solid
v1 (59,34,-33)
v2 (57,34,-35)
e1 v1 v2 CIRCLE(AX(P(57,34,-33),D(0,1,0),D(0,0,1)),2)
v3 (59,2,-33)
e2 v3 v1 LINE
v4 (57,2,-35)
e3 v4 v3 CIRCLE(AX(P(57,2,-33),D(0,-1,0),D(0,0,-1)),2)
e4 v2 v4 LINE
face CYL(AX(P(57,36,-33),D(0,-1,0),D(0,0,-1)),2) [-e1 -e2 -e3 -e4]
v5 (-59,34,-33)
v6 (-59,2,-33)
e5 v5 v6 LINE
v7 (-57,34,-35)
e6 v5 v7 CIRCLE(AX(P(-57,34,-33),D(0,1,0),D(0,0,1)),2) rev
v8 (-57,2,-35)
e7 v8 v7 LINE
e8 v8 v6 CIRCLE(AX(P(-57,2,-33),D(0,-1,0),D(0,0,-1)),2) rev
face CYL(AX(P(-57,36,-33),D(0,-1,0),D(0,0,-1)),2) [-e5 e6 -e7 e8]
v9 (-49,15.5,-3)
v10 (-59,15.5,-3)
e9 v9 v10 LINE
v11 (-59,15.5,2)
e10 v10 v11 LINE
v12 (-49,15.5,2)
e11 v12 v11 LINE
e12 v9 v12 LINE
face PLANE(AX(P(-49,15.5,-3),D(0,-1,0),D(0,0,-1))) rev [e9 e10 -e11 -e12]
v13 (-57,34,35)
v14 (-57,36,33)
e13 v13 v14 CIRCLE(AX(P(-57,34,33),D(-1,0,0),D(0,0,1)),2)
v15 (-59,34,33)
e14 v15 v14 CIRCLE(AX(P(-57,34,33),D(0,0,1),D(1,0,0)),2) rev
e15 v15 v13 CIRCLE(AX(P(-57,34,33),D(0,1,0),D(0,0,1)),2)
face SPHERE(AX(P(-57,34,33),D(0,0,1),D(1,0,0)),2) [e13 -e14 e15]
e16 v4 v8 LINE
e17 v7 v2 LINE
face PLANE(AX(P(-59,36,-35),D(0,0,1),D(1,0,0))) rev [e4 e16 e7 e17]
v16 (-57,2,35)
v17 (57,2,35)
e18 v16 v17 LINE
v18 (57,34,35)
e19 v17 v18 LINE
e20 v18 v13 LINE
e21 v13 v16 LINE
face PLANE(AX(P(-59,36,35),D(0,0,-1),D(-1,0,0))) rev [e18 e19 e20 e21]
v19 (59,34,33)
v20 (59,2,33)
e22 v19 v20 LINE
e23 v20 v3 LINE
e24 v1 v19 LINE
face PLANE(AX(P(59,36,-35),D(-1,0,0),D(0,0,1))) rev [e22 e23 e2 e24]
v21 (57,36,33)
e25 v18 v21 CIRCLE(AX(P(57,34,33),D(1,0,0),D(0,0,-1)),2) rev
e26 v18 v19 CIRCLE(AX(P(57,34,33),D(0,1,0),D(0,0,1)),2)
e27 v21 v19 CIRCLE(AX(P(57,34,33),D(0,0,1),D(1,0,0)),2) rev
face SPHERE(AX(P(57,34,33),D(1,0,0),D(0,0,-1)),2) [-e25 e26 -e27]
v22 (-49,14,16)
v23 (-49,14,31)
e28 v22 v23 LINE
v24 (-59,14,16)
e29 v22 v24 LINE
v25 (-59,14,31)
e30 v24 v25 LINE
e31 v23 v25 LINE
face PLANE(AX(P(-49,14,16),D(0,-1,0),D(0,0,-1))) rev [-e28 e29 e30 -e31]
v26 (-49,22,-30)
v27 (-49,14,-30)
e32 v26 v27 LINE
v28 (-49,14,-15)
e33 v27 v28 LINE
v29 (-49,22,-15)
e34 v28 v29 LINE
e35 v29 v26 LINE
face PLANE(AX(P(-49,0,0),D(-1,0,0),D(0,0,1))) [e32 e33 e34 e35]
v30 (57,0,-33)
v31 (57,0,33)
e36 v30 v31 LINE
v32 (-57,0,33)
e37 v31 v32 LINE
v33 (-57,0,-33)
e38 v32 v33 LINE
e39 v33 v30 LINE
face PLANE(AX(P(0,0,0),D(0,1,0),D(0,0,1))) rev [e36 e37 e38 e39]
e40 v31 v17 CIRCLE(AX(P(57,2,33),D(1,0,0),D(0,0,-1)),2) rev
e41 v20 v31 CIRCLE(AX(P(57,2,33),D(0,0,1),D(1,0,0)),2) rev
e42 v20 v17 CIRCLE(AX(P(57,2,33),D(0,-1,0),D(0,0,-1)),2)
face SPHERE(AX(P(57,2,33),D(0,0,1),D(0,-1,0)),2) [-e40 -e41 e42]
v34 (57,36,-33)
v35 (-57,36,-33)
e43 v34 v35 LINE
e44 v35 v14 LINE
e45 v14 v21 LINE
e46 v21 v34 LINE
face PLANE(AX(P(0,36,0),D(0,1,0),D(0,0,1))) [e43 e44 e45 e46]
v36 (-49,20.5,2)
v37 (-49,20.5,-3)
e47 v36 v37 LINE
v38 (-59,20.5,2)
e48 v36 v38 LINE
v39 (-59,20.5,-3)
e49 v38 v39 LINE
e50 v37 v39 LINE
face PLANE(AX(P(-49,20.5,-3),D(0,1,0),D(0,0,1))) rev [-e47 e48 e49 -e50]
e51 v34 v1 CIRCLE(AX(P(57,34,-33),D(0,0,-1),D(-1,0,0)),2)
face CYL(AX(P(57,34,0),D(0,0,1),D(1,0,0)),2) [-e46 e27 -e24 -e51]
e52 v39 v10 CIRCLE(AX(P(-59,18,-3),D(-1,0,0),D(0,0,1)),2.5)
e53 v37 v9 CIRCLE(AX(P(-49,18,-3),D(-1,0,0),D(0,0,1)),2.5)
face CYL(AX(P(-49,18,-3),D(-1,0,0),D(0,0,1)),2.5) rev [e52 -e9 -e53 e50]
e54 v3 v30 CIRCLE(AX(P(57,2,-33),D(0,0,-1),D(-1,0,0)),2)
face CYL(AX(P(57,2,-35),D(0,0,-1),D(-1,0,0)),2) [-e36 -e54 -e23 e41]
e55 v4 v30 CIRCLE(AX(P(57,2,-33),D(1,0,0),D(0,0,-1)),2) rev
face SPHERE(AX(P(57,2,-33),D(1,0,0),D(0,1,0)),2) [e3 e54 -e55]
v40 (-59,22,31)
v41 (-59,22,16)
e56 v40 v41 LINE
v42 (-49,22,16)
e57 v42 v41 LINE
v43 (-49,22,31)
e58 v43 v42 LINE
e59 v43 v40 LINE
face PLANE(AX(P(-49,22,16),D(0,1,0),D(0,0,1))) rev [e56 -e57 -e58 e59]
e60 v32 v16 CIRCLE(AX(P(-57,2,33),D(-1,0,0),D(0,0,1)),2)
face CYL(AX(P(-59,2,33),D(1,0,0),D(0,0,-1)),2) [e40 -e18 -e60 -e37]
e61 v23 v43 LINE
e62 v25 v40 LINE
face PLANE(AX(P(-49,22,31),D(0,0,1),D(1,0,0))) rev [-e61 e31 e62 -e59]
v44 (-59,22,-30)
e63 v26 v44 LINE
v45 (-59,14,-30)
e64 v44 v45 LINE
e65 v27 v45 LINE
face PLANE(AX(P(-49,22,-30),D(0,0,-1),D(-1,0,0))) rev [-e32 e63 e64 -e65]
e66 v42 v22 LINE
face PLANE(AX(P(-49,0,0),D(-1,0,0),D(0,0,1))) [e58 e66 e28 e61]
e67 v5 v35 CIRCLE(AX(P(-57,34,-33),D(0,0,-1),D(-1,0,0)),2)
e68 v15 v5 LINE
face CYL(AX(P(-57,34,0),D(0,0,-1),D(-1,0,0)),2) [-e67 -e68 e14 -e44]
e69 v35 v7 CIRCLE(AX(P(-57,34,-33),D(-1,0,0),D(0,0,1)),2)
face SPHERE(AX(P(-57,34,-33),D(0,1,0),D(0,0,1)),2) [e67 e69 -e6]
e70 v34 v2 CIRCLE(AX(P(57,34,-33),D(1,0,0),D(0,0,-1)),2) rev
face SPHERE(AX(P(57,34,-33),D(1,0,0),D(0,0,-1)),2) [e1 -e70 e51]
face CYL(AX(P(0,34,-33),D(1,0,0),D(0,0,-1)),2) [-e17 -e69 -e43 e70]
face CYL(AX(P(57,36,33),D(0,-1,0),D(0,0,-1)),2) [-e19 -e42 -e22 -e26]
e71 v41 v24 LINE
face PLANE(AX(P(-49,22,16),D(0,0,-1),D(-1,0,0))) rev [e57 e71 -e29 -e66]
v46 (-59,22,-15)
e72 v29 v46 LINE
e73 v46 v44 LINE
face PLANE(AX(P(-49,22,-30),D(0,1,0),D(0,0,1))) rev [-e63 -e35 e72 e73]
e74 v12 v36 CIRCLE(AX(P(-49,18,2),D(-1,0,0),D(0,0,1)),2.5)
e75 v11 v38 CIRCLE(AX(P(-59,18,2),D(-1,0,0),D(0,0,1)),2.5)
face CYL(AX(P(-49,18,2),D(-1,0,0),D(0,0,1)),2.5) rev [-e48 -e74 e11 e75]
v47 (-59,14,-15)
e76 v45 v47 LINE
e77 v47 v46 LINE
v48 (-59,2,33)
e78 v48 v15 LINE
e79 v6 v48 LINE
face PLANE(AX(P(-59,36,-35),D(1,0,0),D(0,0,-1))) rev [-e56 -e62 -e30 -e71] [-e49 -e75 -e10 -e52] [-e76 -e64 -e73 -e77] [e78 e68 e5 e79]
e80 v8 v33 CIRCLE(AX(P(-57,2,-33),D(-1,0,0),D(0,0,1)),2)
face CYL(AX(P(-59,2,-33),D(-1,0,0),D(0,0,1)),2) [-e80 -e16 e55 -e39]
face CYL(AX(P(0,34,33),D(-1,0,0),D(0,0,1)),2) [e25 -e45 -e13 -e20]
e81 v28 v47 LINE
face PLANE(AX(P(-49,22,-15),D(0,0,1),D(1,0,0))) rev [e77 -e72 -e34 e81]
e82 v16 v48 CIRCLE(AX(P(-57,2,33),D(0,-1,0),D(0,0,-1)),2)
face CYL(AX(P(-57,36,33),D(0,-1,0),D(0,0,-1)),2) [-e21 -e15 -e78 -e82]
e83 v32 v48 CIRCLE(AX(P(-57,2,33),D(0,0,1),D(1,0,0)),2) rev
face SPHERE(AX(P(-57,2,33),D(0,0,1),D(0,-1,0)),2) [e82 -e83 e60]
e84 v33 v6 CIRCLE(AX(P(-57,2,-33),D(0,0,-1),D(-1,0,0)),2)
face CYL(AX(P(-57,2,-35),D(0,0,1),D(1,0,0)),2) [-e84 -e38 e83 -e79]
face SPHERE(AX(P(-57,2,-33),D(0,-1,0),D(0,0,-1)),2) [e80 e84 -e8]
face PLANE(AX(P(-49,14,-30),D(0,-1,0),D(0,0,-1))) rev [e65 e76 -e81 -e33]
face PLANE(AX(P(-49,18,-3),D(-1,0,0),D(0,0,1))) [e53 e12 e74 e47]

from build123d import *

# Parameters (mm, degrees)
SKETCH1_W           = 118
SKETCH1_H           = 70
BOSS_EXTRUDE1_DEPTH = 36
FILLET1_R           = 2
SKETCH2_W           = 15
SKETCH2_H           = 8
CUT_EXTRUDE1_DEPTH  = 10


with BuildPart() as part:
    # Sketch1 → Boss-Extrude1 (new body)
    with BuildSketch(Plane(origin=(0, 0, 0), x_dir=(1, 0, 0), z_dir=(0, 1, 0))):
        Rectangle(SKETCH1_W, SKETCH1_H)
    extrude(amount=BOSS_EXTRUDE1_DEPTH)

    # Fillet1
    fillet1_edges = [part.edges().sort_by_distance(p)[0] for p in [
        (-59, 36, 0),
        (0, 36, 35),
        (59, 36, 0),
        (0, 0, 35),
        (-59, 0, 0),
        (0, 0, -35),
        (59, 0, 0),
        (59, 18, 35),
        (-59, 18, 35),
        (-59, 18, -35),
        (59, 18, -35),
        (0, 36, -35),
    ]]
    fillet(fillet1_edges, radius=FILLET1_R)

    # Sketch2 → Cut-Extrude1 (cut)
    with BuildSketch(Plane.ZY.offset(59)):
        with Locations((-22.5, 18)):
            Rectangle(SKETCH2_W, SKETCH2_H)
        with Locations((23.5, 18)):
            Rectangle(SKETCH2_W, SKETCH2_H)
        with BuildLine():
            Line((-3, 20.5), (2, 20.5))
            ThreePointArc((2, 20.5), (4.5, 18), (2, 15.5))
            Line((2, 15.5), (-3, 15.5))
            ThreePointArc((-3, 15.5), (-5.5, 18), (-3, 20.5))
        make_face()
    extrude(amount=-CUT_EXTRUDE1_DEPTH, mode=Mode.SUBTRACT)


solid = part.part
